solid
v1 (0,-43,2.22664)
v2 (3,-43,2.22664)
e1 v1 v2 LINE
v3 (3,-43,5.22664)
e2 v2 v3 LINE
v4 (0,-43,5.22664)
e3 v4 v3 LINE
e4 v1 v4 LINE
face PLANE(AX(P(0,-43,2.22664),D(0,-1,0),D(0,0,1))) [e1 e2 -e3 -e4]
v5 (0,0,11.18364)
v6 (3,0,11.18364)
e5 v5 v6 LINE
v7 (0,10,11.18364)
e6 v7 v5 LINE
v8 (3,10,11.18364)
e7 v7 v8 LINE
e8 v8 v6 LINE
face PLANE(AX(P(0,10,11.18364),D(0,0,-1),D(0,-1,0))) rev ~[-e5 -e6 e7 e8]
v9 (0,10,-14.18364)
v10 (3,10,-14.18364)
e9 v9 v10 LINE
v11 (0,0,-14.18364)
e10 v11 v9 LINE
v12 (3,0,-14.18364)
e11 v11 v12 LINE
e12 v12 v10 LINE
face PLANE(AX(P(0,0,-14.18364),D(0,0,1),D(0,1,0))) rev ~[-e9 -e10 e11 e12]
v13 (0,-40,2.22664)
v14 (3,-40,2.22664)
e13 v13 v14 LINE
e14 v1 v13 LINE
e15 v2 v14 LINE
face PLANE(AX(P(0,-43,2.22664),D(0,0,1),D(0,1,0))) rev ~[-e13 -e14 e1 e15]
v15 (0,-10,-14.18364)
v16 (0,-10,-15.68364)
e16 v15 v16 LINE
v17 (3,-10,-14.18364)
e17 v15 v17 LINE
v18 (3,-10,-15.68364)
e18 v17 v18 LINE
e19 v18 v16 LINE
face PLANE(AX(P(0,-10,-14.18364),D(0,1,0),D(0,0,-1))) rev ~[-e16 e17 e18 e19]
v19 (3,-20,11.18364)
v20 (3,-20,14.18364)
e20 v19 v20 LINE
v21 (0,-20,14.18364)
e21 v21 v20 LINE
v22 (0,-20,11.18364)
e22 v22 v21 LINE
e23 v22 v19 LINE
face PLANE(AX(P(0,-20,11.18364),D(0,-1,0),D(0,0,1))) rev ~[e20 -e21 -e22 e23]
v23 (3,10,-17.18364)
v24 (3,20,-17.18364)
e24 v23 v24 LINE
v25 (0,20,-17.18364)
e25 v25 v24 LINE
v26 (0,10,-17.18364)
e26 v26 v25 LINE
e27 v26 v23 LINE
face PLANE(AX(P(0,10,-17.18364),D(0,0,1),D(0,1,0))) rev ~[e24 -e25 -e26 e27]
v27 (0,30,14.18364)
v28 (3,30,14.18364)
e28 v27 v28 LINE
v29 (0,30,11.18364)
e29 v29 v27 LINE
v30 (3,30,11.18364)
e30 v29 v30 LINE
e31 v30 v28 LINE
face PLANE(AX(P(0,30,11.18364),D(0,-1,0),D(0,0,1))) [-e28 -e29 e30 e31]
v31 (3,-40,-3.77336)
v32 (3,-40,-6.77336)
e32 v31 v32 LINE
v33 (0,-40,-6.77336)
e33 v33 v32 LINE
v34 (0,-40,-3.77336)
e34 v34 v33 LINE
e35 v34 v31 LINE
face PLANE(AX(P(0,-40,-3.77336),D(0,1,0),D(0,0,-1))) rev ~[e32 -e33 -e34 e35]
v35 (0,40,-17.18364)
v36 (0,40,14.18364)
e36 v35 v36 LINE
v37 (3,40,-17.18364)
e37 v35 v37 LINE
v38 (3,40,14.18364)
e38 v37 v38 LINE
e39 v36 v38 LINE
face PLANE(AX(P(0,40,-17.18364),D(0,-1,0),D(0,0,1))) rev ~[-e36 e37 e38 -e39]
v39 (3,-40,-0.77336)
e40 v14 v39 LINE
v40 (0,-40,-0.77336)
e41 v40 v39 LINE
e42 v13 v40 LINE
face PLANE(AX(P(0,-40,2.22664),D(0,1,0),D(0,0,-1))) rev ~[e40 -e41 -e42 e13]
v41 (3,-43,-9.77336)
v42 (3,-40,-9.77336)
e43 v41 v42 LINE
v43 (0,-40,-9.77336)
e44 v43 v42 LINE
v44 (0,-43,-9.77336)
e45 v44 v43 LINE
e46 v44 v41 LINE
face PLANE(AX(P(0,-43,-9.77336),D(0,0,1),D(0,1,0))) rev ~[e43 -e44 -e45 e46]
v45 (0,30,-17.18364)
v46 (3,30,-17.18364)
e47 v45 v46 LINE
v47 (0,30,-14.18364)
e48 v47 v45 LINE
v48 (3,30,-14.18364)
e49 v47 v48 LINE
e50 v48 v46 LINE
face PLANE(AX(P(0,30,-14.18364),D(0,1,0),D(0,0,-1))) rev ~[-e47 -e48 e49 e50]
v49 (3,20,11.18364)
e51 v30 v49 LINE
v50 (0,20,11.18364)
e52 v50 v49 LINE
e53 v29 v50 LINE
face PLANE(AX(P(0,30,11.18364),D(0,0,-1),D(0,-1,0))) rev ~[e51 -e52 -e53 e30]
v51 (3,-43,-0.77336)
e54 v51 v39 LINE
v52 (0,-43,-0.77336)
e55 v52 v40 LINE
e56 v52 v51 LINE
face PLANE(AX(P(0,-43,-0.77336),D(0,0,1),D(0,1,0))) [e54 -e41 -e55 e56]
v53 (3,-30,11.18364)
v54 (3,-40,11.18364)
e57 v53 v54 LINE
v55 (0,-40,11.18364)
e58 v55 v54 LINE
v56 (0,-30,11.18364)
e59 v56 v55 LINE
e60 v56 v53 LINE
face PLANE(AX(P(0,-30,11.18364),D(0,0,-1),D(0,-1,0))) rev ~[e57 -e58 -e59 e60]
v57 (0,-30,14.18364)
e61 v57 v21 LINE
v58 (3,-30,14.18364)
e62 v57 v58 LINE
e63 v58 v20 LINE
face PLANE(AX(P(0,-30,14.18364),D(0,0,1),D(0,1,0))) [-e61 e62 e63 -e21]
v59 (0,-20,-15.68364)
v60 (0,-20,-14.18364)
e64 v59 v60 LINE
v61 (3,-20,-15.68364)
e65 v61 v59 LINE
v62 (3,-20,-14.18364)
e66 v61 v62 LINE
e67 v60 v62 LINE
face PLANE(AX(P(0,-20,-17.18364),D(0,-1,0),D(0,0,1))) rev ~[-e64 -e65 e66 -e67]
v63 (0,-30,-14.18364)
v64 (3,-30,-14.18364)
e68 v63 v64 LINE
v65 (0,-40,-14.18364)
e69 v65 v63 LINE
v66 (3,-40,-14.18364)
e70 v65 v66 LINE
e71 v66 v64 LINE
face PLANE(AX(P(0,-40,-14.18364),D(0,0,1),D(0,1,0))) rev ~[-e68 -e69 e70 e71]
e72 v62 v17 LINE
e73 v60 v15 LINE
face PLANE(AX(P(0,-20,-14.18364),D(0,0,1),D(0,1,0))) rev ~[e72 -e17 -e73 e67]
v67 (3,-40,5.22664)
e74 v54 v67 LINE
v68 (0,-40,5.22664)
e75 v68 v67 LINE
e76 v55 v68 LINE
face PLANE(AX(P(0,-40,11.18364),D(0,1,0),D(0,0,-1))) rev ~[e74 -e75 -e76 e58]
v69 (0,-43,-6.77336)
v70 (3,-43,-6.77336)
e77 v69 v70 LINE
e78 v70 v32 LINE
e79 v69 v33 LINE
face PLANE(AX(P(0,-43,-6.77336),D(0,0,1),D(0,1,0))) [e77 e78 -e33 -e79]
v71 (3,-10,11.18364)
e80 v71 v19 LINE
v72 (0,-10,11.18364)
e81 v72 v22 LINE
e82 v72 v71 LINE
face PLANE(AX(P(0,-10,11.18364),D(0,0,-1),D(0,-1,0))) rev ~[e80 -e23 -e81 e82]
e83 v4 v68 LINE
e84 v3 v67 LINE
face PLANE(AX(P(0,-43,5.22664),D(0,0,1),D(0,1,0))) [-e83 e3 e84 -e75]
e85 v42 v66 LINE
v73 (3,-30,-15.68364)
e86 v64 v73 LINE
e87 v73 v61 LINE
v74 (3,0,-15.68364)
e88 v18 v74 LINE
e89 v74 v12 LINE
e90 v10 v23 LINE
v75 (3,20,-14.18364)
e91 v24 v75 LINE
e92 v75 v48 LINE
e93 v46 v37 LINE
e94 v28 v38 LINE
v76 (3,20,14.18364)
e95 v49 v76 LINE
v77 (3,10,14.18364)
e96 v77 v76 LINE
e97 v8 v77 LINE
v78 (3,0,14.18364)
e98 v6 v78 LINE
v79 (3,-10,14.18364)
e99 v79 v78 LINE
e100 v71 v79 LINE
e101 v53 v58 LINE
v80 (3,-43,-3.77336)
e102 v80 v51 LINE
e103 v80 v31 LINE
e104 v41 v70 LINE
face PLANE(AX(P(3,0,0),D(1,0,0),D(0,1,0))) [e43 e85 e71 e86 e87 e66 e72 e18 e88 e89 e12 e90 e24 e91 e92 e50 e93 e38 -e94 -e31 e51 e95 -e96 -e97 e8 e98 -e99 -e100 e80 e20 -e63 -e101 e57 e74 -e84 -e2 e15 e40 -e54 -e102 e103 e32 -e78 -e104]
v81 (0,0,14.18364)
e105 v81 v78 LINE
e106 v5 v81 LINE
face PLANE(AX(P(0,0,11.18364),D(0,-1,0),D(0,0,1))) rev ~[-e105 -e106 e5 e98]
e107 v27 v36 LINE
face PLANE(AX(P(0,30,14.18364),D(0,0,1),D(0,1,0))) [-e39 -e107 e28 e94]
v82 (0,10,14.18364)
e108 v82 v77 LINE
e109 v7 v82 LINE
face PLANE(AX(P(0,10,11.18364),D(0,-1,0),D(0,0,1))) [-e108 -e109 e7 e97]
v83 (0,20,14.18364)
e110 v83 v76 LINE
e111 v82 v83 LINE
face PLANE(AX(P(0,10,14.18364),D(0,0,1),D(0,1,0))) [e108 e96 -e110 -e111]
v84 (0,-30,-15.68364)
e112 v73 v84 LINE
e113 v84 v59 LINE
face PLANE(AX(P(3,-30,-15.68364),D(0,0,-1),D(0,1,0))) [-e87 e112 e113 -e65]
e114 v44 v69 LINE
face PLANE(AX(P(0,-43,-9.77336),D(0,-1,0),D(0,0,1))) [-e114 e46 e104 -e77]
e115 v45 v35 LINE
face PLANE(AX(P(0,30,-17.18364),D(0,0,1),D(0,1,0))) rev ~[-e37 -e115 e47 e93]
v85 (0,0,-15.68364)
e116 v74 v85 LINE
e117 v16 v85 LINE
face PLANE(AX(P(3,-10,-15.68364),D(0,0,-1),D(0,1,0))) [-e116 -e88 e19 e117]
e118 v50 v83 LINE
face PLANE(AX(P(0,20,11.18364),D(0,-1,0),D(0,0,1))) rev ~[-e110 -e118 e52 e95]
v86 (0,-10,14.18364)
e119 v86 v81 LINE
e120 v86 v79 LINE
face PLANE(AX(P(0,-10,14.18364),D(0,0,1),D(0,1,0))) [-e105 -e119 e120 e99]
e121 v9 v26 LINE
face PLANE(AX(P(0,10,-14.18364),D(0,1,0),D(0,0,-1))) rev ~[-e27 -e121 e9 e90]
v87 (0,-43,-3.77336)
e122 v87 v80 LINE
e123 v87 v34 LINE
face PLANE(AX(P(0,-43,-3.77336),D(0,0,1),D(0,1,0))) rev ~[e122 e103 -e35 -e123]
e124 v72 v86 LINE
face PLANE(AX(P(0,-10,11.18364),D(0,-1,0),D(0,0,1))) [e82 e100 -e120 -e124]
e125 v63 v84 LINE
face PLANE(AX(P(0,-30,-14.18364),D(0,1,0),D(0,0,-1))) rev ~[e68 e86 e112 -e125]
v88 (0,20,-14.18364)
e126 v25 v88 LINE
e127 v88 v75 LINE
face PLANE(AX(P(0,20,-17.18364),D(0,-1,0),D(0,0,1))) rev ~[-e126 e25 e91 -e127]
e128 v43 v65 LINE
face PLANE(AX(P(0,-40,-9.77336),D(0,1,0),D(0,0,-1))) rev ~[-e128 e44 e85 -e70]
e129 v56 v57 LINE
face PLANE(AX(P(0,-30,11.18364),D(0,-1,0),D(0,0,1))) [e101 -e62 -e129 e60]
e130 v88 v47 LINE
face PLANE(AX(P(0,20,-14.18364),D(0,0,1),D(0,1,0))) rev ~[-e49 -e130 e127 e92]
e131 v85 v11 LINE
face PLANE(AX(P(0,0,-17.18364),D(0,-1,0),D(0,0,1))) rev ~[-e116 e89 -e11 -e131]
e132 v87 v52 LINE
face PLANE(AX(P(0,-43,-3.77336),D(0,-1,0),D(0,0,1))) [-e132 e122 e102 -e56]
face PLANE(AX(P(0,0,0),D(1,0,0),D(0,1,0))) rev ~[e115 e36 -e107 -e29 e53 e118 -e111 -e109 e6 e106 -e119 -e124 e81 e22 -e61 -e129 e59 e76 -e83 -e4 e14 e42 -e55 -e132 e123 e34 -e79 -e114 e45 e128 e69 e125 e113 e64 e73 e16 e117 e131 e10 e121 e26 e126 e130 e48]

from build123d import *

# Parameters (mm, degrees)
F0_W     = 3
F0_H     = 3
F0_W_2   = 10
F1_DEPTH = 3
F2_W     = 10
F2_H     = 1.5
F3_DEPTH = 25


with BuildPart() as f1:
    # F0 (on Right) → F1 (new body)
    with BuildSketch(Plane.YZ):
        Polygon((-30, 11.18364), (-40, 11.18364), (-40, 5.22664), (-40, 2.22664), (-40, -0.77336), (-40, -3.77336), (-40, -6.77336), (-40, -9.77336), (-40, -11.18364), (-30, -11.18364), (-20, -11.18364), (-10, -11.18364), (0, -11.18364), (10, -11.18364), (20, -11.18364), (30, -11.18364), (40, -11.18364), (40, 11.18364), (30, 11.18364), (20, 11.18364), (10, 11.18364), (0, 11.18364), (-10, 11.18364), (-20, 11.18364), align=None)
        with Locations((-41.5, -8.27336)):
            Rectangle(F0_W, F0_H)
        with Locations((-41.5, 3.72664)):
            Rectangle(F0_W, F0_H)
        with Locations((-25, -12.68364)):
            Rectangle(F0_W_2, F0_H)
        with Locations((-25, 12.68364)):
            Rectangle(F0_W_2, F0_H)
        with Locations((-41.5, -2.27336)):
            Rectangle(F0_W, F0_H)
        with Locations((-5, -12.68364)):
            Rectangle(F0_W_2, F0_H)
        with Locations((-5, 12.68364)):
            Rectangle(F0_W_2, F0_H)
        with Locations((15, 12.68364)):
            Rectangle(F0_W_2, F0_H)
        with Locations((15, -12.68364)):
            Rectangle(F0_W_2, F0_H)
        with Locations((35, 12.68364)):
            Rectangle(F0_W_2, F0_H)
        with Locations((35, -12.68364)):
            Rectangle(F0_W_2, F0_H)
        with Locations((-25, -15.68364)):
            Rectangle(F0_W_2, F0_H)
        with Locations((-5, -15.68364)):
            Rectangle(F0_W_2, F0_H)
        with Locations((15, -15.68364)):
            Rectangle(F0_W_2, F0_H)
        with Locations((35, -15.68364)):
            Rectangle(F0_W_2, F0_H)
        with Locations((-35, -12.68364)):
            Rectangle(F0_W_2, F0_H)
        with Locations((-15, -12.68364)):
            Rectangle(F0_W_2, F0_H)
        with Locations((5, -12.68364)):
            Rectangle(F0_W_2, F0_H)
        with Locations((25, -12.68364)):
            Rectangle(F0_W_2, F0_H)
    extrude(amount=F1_DEPTH)

    # F2 (on face) → F3 (cut)
    with BuildSketch(Plane.YZ.offset(3)):
        with Locations((-25, -16.43364)):
            Rectangle(F2_W, F2_H)
        with Locations((-5, -16.43364)):
            Rectangle(F2_W, F2_H)
    extrude(amount=-F3_DEPTH, mode=Mode.SUBTRACT)


solid = f1.part
